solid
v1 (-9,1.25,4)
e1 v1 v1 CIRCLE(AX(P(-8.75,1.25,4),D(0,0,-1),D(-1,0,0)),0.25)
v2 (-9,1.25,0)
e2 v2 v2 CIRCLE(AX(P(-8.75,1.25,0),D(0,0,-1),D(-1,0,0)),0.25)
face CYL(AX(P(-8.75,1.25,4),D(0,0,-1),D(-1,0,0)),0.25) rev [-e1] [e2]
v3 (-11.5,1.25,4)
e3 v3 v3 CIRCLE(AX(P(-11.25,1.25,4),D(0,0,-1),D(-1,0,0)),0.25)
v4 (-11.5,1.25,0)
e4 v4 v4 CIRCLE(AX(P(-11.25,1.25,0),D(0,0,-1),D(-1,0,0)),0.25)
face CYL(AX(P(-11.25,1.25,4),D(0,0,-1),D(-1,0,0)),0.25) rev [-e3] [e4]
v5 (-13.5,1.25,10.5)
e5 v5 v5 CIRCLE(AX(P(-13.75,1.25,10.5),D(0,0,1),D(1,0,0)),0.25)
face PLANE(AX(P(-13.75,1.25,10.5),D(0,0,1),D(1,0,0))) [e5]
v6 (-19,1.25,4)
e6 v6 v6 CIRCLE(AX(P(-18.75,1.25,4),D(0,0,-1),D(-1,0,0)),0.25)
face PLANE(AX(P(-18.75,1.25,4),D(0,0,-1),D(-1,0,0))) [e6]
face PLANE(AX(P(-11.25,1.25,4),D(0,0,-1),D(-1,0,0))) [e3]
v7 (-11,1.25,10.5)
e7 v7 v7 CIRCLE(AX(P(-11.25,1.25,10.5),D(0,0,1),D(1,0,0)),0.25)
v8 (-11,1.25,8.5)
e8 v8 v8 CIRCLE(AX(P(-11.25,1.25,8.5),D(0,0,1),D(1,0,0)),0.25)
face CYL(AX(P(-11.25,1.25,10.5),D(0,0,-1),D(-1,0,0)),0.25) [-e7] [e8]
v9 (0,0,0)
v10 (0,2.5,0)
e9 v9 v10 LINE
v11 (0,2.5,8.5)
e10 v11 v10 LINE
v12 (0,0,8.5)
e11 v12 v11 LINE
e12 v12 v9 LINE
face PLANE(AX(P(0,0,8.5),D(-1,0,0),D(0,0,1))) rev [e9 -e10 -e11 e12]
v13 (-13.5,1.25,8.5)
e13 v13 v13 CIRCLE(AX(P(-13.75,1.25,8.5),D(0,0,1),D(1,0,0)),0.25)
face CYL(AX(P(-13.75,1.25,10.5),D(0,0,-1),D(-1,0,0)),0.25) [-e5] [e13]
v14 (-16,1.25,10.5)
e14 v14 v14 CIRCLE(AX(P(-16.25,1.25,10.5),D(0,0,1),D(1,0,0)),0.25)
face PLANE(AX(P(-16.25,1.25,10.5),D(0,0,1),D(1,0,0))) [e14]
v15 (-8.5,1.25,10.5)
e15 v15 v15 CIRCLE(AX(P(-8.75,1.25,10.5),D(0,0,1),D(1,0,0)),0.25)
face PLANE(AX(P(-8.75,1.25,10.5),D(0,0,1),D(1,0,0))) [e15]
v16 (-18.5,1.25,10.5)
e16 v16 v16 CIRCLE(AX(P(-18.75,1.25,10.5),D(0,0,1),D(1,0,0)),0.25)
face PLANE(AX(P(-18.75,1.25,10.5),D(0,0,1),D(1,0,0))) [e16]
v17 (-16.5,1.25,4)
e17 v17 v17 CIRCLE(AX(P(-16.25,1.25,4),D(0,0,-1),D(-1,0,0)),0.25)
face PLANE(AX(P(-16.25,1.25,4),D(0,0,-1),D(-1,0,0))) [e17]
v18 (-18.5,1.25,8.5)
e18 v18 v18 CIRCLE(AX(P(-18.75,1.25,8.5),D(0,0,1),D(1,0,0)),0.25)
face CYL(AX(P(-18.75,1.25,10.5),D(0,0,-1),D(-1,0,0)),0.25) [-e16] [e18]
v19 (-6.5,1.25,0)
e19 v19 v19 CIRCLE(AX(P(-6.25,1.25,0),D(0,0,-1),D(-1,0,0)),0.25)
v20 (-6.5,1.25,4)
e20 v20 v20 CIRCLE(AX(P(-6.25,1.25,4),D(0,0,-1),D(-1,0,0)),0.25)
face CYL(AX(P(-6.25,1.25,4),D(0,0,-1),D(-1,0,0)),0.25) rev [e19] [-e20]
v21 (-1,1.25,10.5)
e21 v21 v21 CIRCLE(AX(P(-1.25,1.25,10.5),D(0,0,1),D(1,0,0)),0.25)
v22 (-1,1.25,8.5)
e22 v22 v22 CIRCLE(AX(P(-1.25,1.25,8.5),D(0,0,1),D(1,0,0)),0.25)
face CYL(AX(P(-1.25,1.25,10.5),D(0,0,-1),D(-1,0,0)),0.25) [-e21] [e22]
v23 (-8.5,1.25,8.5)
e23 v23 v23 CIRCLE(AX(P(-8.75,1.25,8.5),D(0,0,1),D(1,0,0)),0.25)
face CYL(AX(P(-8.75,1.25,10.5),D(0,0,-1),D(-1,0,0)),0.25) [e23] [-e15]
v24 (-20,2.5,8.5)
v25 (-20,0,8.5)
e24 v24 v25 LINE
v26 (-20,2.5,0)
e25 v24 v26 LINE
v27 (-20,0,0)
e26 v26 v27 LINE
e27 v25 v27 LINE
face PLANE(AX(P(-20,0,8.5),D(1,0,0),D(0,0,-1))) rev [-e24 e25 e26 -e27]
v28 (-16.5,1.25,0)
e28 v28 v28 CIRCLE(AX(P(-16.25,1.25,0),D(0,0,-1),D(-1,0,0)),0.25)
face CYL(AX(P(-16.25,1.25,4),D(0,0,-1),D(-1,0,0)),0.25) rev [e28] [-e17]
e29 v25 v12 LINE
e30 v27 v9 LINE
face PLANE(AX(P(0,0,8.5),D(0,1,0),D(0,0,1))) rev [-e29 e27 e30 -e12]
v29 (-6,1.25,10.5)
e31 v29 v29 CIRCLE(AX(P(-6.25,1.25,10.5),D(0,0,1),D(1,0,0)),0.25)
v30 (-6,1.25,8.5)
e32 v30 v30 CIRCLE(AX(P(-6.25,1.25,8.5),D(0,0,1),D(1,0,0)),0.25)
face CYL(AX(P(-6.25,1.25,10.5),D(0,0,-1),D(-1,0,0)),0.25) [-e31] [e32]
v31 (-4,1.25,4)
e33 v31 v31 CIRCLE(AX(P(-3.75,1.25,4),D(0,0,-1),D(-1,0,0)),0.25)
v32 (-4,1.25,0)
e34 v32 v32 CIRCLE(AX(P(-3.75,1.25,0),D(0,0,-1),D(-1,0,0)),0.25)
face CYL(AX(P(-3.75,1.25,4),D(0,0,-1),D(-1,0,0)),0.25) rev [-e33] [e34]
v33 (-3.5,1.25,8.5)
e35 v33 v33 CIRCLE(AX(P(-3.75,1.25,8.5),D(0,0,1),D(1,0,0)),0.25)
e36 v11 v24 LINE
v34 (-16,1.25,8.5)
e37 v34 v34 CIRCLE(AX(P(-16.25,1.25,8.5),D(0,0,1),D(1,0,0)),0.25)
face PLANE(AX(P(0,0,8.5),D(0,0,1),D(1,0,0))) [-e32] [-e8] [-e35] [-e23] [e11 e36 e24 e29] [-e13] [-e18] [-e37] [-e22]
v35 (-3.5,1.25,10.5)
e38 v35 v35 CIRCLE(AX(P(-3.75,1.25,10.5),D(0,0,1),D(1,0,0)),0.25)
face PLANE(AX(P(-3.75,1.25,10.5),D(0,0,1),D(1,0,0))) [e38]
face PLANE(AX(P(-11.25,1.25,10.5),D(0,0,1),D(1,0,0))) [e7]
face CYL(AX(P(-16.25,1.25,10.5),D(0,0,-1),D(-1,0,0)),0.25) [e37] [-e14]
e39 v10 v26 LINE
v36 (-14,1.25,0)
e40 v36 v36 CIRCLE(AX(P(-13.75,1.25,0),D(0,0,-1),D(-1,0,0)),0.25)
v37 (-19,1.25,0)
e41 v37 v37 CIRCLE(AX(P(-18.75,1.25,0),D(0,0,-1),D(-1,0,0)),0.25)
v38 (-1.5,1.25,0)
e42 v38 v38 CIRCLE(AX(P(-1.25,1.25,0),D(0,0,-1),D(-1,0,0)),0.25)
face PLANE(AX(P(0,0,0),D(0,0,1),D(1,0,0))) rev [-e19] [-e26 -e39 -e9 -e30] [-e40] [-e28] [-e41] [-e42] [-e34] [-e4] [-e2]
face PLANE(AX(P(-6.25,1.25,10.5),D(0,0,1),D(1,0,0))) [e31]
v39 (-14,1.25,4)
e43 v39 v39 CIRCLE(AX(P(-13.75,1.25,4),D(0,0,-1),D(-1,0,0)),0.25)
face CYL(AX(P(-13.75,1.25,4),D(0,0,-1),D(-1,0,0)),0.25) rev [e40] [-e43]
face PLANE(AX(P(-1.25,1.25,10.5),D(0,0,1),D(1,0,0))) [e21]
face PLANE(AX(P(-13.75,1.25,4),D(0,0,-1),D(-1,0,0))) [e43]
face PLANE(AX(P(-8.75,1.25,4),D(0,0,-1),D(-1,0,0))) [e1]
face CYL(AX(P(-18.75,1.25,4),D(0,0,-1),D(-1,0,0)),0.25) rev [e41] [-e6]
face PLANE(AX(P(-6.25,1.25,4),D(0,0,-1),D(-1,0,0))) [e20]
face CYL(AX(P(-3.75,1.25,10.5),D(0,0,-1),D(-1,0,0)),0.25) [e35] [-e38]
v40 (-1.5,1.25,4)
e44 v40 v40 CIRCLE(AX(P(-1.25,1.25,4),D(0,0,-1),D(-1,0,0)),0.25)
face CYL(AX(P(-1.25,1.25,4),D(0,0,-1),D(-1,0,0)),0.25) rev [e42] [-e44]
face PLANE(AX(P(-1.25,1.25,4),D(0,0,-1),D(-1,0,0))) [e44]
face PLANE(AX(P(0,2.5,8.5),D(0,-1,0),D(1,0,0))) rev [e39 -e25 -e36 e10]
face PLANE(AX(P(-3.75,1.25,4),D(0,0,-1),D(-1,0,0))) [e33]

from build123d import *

# Parameters (mm, degrees)
ESQUISSE1_W                = 2.5
ESQUISSE1_H                = 2.5
BOSS_EXTRU_1_DEPTH         = 8.5
ESQUISSE2_R                = 0.25
BOSS_EXTRU_2_DEPTH         = 2
ESQUISSE3_R                = 0.25
ENL_V_MAT_EXTRU_2_DEPTH    = 4
R_P_TITION_LIN_AIRE1_COUNT = 8
R_P_TITION_LIN_AIRE1_PITCH = 2.5


with BuildPart() as part:
    # Esquisse1 → Boss.-Extru.1 (new body)
    with BuildSketch(Plane.XY):
        with Locations((-1.25, 1.25)):
            Rectangle(ESQUISSE1_W, ESQUISSE1_H)
    boss_extru_1 = extrude(amount=BOSS_EXTRU_1_DEPTH)

    # Esquisse2 → Boss.-Extru.2 (add)
    with BuildSketch(Plane.XY.offset(8.5)):
        with Locations((-1.25, 1.25)):
            Circle(ESQUISSE2_R)
    boss_extru_2 = extrude(amount=BOSS_EXTRU_2_DEPTH)

    # Esquisse3 → Enlèv. mat.-Extru.2 (cut)
    with BuildSketch(Plane(origin=(0, 0, 0), x_dir=(-1, 0, 0), z_dir=(0, 0, -1))):
        with Locations(Location((1.25, 1.25, 0), (0, 0, 180))):
            Circle(ESQUISSE3_R)
    enl_v_mat_extru_2 = extrude(amount=-ENL_V_MAT_EXTRU_2_DEPTH, mode=Mode.SUBTRACT)

    # Répétition linéaire1: Boss.-Extru.1, Boss.-Extru.2, Enlèv. mat.-Extru.2 ×8
    with Locations(*[(-i * R_P_TITION_LIN_AIRE1_PITCH, 0, 0) for i in range(1, R_P_TITION_LIN_AIRE1_COUNT)]):
        add(boss_extru_1)
        add(boss_extru_2)
        add(enl_v_mat_extru_2, mode=Mode.SUBTRACT)


solid = part.part
